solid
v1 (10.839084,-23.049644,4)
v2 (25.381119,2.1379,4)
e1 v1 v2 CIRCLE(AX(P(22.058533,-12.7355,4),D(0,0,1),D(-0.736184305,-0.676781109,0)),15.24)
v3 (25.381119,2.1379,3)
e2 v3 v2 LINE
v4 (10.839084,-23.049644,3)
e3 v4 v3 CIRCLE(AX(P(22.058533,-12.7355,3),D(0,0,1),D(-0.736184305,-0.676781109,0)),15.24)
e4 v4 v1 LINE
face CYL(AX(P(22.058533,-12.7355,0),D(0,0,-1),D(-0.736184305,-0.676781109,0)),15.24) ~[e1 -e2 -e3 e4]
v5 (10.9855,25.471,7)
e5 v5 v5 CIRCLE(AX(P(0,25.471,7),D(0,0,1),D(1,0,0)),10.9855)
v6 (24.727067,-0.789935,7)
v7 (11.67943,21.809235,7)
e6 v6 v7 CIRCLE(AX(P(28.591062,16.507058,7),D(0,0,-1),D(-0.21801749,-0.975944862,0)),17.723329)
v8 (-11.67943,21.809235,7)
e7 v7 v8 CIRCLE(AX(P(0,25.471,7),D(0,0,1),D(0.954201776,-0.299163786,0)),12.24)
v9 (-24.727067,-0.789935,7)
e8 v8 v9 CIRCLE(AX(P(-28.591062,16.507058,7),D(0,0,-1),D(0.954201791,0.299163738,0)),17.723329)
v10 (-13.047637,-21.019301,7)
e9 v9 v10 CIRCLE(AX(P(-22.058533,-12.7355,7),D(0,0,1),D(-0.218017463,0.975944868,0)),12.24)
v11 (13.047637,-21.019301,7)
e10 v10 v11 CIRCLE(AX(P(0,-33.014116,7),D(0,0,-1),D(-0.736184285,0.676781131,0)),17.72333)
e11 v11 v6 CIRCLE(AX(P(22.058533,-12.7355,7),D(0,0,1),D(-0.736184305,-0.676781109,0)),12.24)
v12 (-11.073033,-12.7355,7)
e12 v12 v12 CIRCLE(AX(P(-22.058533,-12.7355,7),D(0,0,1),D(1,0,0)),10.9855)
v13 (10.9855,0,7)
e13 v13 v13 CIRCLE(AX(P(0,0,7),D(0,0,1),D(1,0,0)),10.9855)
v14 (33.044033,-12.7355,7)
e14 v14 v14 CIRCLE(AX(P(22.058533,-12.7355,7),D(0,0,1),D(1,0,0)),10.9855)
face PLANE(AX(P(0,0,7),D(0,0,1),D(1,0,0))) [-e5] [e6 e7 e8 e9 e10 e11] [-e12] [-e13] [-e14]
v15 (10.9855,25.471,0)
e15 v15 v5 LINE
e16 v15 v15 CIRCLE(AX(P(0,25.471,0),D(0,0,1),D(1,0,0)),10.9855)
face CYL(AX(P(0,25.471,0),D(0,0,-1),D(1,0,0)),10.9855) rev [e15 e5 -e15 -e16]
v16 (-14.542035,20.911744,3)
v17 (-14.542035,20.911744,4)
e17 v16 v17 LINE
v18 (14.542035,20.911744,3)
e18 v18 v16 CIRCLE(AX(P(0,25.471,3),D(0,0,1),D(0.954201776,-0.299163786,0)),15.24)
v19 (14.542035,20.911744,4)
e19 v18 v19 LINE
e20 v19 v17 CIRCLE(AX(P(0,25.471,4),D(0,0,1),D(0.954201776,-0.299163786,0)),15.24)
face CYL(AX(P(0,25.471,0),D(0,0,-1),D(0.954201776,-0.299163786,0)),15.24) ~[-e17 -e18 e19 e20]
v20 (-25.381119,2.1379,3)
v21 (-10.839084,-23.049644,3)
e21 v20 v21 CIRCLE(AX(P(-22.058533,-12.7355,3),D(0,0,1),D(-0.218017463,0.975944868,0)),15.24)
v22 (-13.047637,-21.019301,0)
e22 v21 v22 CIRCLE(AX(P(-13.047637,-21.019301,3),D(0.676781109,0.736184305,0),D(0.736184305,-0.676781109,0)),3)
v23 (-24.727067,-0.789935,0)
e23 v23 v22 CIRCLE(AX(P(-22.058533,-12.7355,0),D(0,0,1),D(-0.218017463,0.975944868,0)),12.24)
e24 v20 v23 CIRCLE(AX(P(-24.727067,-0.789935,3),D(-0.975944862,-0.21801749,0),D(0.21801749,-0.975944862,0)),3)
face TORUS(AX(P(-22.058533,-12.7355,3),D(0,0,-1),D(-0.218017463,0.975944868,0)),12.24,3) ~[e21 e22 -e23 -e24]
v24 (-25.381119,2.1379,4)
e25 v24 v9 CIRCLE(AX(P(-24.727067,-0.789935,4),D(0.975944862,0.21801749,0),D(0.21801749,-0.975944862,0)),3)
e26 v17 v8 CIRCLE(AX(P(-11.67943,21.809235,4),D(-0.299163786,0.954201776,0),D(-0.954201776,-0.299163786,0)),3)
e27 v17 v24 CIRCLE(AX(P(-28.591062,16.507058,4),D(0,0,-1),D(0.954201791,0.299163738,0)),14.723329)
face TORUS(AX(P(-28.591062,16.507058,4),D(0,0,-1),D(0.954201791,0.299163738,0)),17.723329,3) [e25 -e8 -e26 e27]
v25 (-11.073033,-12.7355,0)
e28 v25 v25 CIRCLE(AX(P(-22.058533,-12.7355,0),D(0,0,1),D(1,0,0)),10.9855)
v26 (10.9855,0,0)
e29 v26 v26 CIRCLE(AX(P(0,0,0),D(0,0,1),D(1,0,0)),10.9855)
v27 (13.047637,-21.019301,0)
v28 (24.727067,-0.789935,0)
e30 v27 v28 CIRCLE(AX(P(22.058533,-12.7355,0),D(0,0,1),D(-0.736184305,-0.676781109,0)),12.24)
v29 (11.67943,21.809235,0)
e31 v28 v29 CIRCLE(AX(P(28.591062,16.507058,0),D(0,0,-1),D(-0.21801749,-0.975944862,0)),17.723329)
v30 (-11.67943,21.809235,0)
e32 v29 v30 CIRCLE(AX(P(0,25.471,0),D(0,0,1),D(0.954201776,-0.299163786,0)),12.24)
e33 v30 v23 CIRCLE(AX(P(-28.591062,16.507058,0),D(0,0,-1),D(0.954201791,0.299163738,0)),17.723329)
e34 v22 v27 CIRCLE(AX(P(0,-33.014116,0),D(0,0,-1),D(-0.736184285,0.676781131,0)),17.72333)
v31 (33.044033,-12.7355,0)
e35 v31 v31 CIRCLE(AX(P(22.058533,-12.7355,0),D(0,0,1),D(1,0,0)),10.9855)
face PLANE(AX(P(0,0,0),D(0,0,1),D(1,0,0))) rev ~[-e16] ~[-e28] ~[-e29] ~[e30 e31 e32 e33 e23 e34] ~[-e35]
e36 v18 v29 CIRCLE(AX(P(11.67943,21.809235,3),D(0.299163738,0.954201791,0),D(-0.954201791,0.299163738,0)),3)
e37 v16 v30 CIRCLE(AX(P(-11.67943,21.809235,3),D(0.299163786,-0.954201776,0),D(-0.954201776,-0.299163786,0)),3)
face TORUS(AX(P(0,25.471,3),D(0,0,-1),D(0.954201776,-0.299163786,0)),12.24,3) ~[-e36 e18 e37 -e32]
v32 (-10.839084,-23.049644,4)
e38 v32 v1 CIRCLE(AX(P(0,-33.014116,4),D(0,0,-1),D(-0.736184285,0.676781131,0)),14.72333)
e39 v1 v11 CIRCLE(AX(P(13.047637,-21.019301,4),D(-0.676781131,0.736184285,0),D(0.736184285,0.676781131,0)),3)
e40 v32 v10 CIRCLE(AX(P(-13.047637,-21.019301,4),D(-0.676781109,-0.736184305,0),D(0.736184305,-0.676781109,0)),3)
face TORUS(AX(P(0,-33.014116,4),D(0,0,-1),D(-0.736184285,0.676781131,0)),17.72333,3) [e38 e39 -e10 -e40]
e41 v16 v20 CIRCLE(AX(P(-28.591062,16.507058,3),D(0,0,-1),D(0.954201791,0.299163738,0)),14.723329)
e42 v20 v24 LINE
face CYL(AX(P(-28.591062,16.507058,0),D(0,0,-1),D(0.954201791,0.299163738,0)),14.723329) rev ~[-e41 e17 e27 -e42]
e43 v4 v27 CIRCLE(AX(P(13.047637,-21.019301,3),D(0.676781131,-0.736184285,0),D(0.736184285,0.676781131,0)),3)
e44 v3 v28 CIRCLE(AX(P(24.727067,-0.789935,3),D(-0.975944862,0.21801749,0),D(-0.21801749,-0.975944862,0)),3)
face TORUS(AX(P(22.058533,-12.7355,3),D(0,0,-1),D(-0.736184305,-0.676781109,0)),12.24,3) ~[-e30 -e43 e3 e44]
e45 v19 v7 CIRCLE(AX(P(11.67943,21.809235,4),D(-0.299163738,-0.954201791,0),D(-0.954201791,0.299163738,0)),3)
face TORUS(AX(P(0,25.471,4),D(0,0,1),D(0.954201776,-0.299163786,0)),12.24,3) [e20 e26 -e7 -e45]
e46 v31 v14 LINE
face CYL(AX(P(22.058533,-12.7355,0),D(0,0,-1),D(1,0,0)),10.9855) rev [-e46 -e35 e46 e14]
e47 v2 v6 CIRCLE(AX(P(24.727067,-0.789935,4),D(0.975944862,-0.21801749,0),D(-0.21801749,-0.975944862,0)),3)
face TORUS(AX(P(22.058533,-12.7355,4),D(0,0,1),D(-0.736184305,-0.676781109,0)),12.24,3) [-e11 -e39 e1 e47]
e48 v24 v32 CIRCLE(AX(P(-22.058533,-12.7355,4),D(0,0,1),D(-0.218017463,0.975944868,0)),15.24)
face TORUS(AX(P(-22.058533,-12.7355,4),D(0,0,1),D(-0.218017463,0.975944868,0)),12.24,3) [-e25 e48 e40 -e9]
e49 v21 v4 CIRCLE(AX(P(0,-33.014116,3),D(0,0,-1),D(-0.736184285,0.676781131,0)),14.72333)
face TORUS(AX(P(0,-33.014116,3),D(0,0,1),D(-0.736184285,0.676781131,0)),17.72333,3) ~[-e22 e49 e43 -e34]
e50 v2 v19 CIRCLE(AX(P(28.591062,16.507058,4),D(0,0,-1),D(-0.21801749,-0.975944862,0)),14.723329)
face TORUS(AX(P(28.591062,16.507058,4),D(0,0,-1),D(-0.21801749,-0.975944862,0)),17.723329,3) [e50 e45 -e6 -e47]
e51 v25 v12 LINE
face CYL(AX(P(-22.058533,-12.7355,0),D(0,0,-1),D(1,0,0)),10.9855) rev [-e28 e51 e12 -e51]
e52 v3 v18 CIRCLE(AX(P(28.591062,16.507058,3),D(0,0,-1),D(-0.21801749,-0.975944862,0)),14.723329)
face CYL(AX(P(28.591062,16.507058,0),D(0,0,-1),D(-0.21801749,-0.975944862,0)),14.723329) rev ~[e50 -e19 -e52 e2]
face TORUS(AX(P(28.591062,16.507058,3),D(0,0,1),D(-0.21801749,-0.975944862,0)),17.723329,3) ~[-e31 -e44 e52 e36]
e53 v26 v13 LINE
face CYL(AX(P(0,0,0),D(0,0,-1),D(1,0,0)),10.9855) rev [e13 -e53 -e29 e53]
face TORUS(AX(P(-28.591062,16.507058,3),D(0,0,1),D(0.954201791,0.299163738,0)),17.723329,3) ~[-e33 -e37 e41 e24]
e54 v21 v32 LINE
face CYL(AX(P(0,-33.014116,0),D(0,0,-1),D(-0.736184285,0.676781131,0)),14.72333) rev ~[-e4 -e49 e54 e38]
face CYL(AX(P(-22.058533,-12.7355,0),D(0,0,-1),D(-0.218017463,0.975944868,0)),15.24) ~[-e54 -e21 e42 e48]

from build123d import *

# Parameters (mm, degrees)
F0_R     = 10.9855
F1_DEPTH = 7
F2_R     = 3


with BuildPart() as f1:
    # F0 (on Top) → F1 (new body)
    with BuildSketch(Plane.XY):
        with BuildLine():
            ThreePointArc((25.381119, 2.1379), (15.840285, 9.145393), (14.542035, 20.911744))
            ThreePointArc((14.542035, 20.911744), (0, 40.711), (-14.542035, 20.911744))
            ThreePointArc((-14.542035, 20.911744), (-15.840285, 9.145393), (-25.381119, 2.1379))
            ThreePointArc((-25.381119, 2.1379), (-35.25676, -20.3555), (-10.839084, -23.049644))
            ThreePointArc((-10.839084, -23.049644), (0, -18.290786), (10.839084, -23.049644))
            ThreePointArc((10.839084, -23.049644), (35.25676, -20.3555), (25.381119, 2.1379))
        make_face()
        with Locations((-22.058533, -12.7355)):
            Circle(F0_R, mode=Mode.SUBTRACT)
        with Locations((22.058533, -12.7355)):
            Circle(F0_R, mode=Mode.SUBTRACT)
        Circle(F0_R, mode=Mode.SUBTRACT)
        with Locations((0, 25.471)):
            Circle(F0_R, mode=Mode.SUBTRACT)
    extrude(amount=F1_DEPTH)

    # F2
    f2_edges = [f1.edges().sort_by_distance(p)[0] for p in [
        (25.381119, 2.1379, 3.5),
        (14.542035, 20.911744, 3.5),
        (15.840285, 9.145393, 0),
        (15.840285, 9.145393, 7),
    ]]
    fillet(f2_edges, radius=F2_R)


solid = f1.part
